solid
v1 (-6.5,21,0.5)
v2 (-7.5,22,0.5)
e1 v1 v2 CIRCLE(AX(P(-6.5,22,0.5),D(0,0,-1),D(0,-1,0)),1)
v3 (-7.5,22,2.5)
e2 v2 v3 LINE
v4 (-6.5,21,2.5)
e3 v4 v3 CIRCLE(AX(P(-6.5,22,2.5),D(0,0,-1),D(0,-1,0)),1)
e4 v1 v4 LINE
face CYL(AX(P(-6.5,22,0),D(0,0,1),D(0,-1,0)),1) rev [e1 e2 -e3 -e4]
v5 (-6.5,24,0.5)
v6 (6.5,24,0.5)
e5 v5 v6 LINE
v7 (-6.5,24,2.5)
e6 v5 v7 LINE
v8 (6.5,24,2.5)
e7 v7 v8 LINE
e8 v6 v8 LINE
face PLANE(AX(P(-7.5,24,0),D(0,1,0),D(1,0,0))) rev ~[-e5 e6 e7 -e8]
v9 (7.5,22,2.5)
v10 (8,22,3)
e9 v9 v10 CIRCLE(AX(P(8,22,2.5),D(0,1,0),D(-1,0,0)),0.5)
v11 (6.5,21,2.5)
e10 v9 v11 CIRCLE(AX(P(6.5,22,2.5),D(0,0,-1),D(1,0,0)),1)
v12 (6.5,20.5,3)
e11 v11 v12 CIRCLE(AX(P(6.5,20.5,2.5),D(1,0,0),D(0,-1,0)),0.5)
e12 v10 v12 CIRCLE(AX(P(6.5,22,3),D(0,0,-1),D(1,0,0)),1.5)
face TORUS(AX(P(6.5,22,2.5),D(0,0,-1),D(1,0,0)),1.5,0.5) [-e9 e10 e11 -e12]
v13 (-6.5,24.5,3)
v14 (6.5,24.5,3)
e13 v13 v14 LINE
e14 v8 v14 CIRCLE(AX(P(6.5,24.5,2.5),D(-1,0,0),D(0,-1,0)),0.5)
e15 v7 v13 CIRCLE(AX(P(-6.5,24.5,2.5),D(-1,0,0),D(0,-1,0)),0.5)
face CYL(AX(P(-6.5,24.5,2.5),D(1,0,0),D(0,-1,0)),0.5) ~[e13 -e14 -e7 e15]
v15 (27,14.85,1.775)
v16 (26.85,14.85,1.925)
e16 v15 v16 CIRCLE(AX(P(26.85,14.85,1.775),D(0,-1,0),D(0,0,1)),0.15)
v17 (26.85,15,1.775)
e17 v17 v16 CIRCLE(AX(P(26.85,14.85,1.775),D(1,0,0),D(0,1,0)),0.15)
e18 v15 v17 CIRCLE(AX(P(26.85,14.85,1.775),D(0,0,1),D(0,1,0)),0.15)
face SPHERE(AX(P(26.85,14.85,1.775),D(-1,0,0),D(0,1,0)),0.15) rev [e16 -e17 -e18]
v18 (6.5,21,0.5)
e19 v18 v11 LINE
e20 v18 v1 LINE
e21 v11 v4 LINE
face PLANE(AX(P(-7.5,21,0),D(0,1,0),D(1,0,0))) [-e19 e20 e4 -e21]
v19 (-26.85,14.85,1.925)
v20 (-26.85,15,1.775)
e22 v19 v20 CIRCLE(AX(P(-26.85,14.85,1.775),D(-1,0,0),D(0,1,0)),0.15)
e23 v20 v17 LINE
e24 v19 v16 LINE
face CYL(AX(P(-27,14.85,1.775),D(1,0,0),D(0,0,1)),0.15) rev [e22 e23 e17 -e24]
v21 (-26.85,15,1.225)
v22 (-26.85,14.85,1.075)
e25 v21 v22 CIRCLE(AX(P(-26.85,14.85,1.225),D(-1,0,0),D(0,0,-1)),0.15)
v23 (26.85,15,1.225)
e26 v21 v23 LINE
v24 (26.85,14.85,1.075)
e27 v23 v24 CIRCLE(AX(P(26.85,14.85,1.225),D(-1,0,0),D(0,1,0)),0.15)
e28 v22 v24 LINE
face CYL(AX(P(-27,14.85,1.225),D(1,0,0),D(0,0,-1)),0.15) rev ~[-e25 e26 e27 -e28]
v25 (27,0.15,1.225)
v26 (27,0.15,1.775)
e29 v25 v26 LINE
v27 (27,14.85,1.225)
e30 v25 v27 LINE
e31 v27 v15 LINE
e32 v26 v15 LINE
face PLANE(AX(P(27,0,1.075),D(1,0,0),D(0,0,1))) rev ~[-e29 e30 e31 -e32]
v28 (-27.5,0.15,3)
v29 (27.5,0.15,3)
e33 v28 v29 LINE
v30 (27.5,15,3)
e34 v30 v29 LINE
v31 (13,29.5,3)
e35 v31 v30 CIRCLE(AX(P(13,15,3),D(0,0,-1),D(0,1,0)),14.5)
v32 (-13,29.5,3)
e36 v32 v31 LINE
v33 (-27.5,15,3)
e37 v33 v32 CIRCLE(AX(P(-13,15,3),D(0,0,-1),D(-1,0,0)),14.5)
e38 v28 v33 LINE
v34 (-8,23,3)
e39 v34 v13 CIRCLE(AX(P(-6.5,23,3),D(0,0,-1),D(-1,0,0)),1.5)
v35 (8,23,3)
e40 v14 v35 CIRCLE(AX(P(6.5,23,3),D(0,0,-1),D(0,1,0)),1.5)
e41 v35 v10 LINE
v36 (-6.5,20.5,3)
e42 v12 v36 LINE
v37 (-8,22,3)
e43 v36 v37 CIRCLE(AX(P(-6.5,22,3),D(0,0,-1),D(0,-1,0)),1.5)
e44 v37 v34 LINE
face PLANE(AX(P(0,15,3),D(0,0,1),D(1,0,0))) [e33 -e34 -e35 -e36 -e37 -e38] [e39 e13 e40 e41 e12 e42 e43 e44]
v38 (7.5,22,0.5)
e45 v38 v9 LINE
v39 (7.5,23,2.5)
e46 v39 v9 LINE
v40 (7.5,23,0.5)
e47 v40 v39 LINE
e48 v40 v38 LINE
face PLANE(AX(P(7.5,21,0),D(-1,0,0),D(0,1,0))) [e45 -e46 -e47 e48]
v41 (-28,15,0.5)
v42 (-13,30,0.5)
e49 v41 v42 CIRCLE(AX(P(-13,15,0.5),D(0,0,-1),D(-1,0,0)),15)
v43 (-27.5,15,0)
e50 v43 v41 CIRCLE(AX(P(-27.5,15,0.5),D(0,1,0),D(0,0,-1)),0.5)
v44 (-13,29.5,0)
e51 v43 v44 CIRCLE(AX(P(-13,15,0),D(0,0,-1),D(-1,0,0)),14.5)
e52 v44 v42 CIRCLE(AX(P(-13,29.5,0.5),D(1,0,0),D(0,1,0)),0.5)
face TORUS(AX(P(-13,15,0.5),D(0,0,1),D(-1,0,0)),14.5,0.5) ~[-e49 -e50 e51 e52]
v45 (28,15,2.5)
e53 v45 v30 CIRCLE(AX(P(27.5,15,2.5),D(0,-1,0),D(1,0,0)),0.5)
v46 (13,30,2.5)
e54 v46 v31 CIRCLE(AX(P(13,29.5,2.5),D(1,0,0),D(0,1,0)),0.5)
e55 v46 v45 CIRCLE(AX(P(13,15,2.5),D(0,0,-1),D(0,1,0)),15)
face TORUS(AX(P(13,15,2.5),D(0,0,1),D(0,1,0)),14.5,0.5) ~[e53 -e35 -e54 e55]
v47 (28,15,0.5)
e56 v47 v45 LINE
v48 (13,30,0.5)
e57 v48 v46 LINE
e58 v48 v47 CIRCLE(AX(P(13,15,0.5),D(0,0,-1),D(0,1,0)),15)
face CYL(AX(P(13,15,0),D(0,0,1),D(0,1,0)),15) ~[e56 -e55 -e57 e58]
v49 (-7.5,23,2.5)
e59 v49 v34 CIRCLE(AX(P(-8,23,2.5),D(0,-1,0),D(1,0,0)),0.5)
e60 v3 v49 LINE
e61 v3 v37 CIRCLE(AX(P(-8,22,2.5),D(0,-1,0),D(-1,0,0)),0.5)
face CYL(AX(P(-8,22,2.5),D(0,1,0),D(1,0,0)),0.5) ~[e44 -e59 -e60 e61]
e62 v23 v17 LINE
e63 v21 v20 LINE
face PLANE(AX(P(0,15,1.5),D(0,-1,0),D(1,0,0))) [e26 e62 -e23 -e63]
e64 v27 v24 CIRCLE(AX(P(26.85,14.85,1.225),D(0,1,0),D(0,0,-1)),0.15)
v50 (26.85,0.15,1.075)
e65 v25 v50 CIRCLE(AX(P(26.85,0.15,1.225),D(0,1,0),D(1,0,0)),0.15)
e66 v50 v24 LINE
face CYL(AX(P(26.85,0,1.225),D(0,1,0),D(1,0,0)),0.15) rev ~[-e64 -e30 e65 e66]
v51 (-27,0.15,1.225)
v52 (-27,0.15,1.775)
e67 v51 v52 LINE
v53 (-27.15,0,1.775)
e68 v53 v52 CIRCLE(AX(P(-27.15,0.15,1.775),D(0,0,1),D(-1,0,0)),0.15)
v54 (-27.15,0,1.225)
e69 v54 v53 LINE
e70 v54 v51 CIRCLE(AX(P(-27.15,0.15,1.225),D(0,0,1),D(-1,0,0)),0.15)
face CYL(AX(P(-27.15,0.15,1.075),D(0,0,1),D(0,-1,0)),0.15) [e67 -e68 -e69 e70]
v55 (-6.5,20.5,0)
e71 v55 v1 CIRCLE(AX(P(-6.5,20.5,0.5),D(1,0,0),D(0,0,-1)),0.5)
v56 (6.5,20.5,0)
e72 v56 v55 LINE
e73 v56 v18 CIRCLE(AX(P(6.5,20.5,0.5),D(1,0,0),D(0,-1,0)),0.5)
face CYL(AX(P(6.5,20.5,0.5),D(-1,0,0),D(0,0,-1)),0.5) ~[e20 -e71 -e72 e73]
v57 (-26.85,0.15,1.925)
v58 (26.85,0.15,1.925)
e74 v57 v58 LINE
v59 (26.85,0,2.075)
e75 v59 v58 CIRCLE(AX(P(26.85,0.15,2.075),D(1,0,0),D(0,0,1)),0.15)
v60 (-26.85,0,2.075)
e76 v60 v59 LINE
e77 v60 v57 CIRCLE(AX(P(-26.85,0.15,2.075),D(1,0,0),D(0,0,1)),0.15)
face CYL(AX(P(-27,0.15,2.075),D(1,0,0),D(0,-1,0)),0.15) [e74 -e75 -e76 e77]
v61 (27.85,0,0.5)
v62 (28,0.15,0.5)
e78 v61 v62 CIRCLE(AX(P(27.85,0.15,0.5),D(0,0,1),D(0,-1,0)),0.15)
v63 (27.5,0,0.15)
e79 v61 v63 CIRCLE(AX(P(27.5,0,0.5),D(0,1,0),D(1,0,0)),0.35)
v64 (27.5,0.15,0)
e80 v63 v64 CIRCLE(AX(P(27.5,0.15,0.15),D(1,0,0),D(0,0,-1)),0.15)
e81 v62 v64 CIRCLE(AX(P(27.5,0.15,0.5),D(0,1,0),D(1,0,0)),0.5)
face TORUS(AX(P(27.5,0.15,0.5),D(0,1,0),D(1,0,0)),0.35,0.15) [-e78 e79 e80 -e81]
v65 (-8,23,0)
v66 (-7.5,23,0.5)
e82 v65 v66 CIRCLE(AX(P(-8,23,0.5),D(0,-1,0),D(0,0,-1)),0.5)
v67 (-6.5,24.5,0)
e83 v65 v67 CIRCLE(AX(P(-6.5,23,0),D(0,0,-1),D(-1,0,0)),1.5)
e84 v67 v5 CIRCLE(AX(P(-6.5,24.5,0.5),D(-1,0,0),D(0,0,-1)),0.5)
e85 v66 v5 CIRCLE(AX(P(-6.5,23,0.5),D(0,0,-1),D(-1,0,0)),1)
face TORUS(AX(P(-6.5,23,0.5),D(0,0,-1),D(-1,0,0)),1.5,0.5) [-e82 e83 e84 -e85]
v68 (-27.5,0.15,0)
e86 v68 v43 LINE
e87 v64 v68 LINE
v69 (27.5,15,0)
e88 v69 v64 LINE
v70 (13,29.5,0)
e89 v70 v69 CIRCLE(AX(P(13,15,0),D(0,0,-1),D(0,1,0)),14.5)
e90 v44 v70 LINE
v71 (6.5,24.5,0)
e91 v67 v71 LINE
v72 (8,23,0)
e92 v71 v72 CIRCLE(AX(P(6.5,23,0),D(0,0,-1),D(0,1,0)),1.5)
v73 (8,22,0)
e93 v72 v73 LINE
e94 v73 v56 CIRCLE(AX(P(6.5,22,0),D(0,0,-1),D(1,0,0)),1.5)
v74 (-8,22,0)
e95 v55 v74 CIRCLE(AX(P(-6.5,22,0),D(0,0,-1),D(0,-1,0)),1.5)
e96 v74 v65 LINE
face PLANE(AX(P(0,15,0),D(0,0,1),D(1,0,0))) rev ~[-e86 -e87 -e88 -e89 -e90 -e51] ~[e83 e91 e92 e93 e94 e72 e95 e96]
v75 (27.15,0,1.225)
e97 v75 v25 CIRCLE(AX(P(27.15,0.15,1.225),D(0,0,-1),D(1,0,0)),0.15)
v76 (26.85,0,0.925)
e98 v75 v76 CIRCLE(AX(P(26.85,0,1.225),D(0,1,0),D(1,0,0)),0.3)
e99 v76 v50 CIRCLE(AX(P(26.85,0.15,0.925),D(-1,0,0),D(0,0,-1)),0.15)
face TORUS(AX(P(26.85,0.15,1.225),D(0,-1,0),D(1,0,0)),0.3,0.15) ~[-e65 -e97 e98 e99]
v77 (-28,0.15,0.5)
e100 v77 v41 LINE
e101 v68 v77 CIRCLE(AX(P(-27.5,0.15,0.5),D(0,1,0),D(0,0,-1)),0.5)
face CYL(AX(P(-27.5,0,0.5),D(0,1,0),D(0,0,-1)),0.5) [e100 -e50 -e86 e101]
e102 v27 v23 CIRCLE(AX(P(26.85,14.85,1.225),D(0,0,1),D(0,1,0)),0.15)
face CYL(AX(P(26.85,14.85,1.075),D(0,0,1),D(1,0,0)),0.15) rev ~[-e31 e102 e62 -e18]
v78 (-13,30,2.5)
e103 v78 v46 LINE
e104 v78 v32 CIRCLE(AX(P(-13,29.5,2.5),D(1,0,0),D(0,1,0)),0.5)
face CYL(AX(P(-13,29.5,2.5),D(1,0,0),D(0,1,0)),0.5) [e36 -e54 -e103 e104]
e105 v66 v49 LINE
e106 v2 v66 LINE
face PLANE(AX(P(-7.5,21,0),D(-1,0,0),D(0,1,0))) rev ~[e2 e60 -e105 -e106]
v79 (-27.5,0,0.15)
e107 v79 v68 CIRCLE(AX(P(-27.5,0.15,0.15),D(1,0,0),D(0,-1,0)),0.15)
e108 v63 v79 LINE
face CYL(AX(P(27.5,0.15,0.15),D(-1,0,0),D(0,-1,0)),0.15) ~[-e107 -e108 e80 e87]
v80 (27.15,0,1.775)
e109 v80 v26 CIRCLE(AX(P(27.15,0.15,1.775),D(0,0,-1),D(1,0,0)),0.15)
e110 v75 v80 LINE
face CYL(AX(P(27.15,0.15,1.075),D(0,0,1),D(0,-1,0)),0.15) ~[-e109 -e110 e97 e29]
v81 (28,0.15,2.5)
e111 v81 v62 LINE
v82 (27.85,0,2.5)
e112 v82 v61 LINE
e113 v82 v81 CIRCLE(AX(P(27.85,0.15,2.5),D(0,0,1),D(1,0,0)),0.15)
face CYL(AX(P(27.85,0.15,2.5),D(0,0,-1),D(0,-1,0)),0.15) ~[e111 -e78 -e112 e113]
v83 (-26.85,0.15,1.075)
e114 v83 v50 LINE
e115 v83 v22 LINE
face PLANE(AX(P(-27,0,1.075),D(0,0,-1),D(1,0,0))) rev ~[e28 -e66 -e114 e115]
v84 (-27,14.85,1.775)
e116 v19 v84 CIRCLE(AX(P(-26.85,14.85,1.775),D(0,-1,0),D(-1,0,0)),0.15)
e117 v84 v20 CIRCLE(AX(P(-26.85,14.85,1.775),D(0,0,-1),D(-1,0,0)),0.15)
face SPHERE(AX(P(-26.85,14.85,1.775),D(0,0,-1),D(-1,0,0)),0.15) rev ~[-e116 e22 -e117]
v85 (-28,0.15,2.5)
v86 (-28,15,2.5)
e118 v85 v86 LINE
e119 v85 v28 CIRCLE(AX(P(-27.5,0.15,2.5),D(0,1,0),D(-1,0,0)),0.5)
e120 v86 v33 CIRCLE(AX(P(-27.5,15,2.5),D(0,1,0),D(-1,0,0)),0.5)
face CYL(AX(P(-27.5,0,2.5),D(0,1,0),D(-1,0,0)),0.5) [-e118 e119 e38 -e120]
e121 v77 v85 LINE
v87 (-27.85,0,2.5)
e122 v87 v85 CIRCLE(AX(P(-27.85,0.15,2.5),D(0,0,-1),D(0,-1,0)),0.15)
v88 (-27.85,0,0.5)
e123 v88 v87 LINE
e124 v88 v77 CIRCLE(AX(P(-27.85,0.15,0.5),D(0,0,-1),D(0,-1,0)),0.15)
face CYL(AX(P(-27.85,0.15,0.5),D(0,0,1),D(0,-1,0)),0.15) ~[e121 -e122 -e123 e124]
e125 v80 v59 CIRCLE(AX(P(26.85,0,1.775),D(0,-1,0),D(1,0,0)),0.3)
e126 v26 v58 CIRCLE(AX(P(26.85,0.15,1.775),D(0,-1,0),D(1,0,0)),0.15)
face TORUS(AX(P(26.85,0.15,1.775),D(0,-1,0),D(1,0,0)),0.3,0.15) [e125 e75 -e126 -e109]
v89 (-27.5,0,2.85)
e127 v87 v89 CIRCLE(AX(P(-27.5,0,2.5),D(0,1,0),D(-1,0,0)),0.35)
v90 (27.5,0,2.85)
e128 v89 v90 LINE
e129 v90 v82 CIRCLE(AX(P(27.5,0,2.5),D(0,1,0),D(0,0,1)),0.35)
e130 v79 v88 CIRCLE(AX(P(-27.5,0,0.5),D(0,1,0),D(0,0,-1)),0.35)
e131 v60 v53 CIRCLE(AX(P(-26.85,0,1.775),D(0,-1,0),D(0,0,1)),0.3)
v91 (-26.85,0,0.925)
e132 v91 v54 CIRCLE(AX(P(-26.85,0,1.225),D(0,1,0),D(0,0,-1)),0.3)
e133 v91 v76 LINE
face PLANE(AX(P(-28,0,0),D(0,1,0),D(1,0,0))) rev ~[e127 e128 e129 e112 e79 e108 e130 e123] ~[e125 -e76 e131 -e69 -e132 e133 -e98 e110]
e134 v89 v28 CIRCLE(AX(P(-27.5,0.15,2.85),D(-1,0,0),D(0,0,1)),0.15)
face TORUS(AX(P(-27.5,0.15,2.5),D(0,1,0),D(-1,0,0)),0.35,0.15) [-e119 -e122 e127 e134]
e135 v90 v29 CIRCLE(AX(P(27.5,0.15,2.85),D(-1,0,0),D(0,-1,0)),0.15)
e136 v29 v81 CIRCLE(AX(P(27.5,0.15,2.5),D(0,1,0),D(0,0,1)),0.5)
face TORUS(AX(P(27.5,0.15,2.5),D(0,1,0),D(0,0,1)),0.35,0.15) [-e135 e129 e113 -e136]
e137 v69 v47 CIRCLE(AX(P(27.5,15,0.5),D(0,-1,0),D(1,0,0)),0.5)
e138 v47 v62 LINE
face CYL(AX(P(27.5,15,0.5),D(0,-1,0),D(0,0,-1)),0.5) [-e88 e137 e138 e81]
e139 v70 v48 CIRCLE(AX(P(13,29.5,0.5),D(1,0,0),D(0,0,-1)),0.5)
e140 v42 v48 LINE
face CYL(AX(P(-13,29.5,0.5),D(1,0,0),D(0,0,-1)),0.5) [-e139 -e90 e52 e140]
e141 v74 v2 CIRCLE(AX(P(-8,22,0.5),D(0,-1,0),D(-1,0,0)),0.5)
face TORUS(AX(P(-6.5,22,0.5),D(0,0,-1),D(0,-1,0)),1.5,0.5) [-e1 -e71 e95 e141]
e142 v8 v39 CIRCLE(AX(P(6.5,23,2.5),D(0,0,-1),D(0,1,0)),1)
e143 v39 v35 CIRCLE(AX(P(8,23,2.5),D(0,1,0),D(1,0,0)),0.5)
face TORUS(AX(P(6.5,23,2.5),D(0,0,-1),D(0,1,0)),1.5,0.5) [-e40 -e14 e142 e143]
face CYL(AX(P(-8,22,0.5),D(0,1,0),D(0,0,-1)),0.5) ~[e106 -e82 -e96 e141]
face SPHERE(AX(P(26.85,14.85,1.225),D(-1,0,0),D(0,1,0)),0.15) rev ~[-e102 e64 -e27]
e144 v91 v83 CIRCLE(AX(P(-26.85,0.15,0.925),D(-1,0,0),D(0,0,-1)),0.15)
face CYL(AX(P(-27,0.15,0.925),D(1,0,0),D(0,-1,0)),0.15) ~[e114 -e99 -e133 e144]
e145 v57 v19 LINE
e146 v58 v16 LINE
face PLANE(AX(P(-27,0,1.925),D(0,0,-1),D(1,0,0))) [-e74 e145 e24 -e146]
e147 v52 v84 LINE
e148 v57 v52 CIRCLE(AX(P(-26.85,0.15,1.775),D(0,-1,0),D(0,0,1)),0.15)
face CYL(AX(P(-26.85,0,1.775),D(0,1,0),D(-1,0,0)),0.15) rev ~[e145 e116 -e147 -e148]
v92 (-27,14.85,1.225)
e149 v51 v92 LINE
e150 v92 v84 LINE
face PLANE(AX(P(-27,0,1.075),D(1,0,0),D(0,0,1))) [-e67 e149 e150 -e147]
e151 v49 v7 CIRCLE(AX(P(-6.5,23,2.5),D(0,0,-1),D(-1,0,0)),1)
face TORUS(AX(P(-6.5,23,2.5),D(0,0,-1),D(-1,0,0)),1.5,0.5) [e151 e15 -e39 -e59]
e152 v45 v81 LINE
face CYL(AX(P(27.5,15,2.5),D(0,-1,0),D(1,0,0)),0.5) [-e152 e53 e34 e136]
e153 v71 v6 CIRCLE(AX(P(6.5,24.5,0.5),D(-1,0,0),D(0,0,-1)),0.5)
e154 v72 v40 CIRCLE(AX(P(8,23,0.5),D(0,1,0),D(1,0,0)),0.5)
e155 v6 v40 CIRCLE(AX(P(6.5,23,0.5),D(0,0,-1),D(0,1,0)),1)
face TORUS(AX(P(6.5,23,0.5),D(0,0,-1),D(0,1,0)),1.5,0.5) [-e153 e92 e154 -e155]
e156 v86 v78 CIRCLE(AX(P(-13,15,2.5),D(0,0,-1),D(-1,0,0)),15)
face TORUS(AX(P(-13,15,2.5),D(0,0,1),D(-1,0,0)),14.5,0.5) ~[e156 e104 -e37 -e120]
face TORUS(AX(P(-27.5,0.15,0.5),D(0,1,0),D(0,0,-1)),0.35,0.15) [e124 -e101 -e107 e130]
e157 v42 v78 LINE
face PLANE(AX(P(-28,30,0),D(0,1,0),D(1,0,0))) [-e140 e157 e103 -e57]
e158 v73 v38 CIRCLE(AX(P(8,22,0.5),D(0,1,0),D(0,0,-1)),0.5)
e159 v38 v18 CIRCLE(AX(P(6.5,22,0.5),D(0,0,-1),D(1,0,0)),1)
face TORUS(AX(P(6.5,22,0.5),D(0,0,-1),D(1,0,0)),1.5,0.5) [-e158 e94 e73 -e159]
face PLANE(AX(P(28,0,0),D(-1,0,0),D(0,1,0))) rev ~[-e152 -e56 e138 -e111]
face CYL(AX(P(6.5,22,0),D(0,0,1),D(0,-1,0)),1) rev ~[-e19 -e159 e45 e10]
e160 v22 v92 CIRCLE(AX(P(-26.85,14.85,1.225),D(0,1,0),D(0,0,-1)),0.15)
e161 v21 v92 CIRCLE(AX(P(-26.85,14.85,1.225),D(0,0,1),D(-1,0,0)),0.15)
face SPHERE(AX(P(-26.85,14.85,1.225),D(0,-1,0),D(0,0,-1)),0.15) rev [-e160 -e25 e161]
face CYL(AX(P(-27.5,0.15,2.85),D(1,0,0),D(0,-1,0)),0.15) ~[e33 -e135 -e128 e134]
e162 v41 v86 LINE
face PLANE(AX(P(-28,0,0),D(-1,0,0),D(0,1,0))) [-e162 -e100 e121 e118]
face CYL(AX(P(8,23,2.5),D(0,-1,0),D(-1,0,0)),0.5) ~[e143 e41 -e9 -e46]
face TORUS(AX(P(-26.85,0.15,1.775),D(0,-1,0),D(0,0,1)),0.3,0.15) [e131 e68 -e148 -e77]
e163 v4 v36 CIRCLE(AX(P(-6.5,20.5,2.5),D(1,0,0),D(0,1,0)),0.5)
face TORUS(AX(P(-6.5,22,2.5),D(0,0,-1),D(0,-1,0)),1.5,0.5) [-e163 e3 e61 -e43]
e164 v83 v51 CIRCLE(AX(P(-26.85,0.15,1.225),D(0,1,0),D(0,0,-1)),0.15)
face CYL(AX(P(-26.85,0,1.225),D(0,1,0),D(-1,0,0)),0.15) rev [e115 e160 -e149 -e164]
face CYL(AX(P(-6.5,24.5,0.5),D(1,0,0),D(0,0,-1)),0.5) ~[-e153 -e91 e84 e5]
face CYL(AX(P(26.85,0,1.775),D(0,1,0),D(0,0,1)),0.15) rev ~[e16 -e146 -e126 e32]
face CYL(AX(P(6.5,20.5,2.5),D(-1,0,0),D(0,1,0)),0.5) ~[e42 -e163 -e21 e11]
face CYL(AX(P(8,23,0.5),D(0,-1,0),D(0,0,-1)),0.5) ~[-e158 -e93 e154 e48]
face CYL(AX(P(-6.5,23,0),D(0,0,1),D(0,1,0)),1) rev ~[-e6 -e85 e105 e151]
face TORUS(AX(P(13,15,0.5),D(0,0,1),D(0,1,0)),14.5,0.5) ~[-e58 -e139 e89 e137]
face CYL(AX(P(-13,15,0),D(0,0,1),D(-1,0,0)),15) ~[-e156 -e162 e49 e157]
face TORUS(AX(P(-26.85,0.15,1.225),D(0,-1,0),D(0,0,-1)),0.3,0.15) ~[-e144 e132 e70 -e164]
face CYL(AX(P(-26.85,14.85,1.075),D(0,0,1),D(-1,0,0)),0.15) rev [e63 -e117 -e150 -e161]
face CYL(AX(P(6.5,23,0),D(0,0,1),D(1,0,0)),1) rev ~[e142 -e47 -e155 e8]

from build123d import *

# Parameters (mm, degrees)
F0_W     = 56
F0_H     = 30
F0_W_2   = 15
F0_H_2   = 3
F1_DEPTH = 3
F2_R     = 15
F3_R     = 1
F4_R     = 0.5
F5_W     = 54
F5_H     = 0.85
F6_DEPTH = 15
F7_R     = 0.15


with BuildPart() as f1:
    # F0 (on Top) → F1 (new body)
    with BuildSketch(Plane.XY):
        with Locations((0, 15)):
            Rectangle(F0_W, F0_H)
        with Locations((0, 22.5)):
            Rectangle(F0_W_2, F0_H_2, mode=Mode.SUBTRACT)
    extrude(amount=F1_DEPTH)

    # F2
    f2_edges = [f1.edges().sort_by_distance(p)[0] for p in [
        (28, 30, 1.5),
        (-28, 30, 1.5),
    ]]
    fillet(f2_edges, radius=F2_R)

    # F3
    f3_edges = [f1.edges().sort_by_distance(p)[0] for p in [
        (-7.5, 24, 1.5),
        (7.5, 21, 1.5),
        (7.5, 24, 1.5),
        (-7.5, 21, 1.5),
    ]]
    fillet(f3_edges, radius=F3_R)

    # F4
    f4_edges = [f1.edges().sort_by_distance(p)[0] for p in [
        (0, 30, 3),
        (0, 30, 0),
        (0, 24, 3),
        (0, 24, 0),
    ]]
    fillet(f4_edges, radius=F4_R)

    # F5 (on face) → F6 (cut)
    with BuildSketch(Plane.XZ):
        with Locations((0, 1.5)):
            Rectangle(F5_W, F5_H)
    extrude(amount=-F6_DEPTH, mode=Mode.SUBTRACT)

    # F7
    f7_edges = [f1.edges().sort_by_distance(p)[0] for p in [
        (-27, 7.5, 1.075),
        (0, 15, 1.075),
        (-27, 15, 1.5),
        (-27, 7.5, 1.925),
        (0, 15, 1.925),
        (27, 15, 1.5),
        (27, 7.5, 1.075),
        (27, 7.5, 1.925),
        (27, 0, 1.5),
        (-28, 0, 1.5),
        (-27.853553, 0, 0.146447),
        (-27.853553, 0, 2.853553),
        (0, 0, 0),
        (0, 0, 3),
        (27.853553, 0, 0.146447),
        (27.853553, 0, 2.853553),
        (28, 0, 1.5),
        (0, 0, 1.925),
        (0, 0, 1.075),
        (-27, 0, 1.5),
    ]]
    fillet(f7_edges, radius=F7_R)


solid = f1.part
